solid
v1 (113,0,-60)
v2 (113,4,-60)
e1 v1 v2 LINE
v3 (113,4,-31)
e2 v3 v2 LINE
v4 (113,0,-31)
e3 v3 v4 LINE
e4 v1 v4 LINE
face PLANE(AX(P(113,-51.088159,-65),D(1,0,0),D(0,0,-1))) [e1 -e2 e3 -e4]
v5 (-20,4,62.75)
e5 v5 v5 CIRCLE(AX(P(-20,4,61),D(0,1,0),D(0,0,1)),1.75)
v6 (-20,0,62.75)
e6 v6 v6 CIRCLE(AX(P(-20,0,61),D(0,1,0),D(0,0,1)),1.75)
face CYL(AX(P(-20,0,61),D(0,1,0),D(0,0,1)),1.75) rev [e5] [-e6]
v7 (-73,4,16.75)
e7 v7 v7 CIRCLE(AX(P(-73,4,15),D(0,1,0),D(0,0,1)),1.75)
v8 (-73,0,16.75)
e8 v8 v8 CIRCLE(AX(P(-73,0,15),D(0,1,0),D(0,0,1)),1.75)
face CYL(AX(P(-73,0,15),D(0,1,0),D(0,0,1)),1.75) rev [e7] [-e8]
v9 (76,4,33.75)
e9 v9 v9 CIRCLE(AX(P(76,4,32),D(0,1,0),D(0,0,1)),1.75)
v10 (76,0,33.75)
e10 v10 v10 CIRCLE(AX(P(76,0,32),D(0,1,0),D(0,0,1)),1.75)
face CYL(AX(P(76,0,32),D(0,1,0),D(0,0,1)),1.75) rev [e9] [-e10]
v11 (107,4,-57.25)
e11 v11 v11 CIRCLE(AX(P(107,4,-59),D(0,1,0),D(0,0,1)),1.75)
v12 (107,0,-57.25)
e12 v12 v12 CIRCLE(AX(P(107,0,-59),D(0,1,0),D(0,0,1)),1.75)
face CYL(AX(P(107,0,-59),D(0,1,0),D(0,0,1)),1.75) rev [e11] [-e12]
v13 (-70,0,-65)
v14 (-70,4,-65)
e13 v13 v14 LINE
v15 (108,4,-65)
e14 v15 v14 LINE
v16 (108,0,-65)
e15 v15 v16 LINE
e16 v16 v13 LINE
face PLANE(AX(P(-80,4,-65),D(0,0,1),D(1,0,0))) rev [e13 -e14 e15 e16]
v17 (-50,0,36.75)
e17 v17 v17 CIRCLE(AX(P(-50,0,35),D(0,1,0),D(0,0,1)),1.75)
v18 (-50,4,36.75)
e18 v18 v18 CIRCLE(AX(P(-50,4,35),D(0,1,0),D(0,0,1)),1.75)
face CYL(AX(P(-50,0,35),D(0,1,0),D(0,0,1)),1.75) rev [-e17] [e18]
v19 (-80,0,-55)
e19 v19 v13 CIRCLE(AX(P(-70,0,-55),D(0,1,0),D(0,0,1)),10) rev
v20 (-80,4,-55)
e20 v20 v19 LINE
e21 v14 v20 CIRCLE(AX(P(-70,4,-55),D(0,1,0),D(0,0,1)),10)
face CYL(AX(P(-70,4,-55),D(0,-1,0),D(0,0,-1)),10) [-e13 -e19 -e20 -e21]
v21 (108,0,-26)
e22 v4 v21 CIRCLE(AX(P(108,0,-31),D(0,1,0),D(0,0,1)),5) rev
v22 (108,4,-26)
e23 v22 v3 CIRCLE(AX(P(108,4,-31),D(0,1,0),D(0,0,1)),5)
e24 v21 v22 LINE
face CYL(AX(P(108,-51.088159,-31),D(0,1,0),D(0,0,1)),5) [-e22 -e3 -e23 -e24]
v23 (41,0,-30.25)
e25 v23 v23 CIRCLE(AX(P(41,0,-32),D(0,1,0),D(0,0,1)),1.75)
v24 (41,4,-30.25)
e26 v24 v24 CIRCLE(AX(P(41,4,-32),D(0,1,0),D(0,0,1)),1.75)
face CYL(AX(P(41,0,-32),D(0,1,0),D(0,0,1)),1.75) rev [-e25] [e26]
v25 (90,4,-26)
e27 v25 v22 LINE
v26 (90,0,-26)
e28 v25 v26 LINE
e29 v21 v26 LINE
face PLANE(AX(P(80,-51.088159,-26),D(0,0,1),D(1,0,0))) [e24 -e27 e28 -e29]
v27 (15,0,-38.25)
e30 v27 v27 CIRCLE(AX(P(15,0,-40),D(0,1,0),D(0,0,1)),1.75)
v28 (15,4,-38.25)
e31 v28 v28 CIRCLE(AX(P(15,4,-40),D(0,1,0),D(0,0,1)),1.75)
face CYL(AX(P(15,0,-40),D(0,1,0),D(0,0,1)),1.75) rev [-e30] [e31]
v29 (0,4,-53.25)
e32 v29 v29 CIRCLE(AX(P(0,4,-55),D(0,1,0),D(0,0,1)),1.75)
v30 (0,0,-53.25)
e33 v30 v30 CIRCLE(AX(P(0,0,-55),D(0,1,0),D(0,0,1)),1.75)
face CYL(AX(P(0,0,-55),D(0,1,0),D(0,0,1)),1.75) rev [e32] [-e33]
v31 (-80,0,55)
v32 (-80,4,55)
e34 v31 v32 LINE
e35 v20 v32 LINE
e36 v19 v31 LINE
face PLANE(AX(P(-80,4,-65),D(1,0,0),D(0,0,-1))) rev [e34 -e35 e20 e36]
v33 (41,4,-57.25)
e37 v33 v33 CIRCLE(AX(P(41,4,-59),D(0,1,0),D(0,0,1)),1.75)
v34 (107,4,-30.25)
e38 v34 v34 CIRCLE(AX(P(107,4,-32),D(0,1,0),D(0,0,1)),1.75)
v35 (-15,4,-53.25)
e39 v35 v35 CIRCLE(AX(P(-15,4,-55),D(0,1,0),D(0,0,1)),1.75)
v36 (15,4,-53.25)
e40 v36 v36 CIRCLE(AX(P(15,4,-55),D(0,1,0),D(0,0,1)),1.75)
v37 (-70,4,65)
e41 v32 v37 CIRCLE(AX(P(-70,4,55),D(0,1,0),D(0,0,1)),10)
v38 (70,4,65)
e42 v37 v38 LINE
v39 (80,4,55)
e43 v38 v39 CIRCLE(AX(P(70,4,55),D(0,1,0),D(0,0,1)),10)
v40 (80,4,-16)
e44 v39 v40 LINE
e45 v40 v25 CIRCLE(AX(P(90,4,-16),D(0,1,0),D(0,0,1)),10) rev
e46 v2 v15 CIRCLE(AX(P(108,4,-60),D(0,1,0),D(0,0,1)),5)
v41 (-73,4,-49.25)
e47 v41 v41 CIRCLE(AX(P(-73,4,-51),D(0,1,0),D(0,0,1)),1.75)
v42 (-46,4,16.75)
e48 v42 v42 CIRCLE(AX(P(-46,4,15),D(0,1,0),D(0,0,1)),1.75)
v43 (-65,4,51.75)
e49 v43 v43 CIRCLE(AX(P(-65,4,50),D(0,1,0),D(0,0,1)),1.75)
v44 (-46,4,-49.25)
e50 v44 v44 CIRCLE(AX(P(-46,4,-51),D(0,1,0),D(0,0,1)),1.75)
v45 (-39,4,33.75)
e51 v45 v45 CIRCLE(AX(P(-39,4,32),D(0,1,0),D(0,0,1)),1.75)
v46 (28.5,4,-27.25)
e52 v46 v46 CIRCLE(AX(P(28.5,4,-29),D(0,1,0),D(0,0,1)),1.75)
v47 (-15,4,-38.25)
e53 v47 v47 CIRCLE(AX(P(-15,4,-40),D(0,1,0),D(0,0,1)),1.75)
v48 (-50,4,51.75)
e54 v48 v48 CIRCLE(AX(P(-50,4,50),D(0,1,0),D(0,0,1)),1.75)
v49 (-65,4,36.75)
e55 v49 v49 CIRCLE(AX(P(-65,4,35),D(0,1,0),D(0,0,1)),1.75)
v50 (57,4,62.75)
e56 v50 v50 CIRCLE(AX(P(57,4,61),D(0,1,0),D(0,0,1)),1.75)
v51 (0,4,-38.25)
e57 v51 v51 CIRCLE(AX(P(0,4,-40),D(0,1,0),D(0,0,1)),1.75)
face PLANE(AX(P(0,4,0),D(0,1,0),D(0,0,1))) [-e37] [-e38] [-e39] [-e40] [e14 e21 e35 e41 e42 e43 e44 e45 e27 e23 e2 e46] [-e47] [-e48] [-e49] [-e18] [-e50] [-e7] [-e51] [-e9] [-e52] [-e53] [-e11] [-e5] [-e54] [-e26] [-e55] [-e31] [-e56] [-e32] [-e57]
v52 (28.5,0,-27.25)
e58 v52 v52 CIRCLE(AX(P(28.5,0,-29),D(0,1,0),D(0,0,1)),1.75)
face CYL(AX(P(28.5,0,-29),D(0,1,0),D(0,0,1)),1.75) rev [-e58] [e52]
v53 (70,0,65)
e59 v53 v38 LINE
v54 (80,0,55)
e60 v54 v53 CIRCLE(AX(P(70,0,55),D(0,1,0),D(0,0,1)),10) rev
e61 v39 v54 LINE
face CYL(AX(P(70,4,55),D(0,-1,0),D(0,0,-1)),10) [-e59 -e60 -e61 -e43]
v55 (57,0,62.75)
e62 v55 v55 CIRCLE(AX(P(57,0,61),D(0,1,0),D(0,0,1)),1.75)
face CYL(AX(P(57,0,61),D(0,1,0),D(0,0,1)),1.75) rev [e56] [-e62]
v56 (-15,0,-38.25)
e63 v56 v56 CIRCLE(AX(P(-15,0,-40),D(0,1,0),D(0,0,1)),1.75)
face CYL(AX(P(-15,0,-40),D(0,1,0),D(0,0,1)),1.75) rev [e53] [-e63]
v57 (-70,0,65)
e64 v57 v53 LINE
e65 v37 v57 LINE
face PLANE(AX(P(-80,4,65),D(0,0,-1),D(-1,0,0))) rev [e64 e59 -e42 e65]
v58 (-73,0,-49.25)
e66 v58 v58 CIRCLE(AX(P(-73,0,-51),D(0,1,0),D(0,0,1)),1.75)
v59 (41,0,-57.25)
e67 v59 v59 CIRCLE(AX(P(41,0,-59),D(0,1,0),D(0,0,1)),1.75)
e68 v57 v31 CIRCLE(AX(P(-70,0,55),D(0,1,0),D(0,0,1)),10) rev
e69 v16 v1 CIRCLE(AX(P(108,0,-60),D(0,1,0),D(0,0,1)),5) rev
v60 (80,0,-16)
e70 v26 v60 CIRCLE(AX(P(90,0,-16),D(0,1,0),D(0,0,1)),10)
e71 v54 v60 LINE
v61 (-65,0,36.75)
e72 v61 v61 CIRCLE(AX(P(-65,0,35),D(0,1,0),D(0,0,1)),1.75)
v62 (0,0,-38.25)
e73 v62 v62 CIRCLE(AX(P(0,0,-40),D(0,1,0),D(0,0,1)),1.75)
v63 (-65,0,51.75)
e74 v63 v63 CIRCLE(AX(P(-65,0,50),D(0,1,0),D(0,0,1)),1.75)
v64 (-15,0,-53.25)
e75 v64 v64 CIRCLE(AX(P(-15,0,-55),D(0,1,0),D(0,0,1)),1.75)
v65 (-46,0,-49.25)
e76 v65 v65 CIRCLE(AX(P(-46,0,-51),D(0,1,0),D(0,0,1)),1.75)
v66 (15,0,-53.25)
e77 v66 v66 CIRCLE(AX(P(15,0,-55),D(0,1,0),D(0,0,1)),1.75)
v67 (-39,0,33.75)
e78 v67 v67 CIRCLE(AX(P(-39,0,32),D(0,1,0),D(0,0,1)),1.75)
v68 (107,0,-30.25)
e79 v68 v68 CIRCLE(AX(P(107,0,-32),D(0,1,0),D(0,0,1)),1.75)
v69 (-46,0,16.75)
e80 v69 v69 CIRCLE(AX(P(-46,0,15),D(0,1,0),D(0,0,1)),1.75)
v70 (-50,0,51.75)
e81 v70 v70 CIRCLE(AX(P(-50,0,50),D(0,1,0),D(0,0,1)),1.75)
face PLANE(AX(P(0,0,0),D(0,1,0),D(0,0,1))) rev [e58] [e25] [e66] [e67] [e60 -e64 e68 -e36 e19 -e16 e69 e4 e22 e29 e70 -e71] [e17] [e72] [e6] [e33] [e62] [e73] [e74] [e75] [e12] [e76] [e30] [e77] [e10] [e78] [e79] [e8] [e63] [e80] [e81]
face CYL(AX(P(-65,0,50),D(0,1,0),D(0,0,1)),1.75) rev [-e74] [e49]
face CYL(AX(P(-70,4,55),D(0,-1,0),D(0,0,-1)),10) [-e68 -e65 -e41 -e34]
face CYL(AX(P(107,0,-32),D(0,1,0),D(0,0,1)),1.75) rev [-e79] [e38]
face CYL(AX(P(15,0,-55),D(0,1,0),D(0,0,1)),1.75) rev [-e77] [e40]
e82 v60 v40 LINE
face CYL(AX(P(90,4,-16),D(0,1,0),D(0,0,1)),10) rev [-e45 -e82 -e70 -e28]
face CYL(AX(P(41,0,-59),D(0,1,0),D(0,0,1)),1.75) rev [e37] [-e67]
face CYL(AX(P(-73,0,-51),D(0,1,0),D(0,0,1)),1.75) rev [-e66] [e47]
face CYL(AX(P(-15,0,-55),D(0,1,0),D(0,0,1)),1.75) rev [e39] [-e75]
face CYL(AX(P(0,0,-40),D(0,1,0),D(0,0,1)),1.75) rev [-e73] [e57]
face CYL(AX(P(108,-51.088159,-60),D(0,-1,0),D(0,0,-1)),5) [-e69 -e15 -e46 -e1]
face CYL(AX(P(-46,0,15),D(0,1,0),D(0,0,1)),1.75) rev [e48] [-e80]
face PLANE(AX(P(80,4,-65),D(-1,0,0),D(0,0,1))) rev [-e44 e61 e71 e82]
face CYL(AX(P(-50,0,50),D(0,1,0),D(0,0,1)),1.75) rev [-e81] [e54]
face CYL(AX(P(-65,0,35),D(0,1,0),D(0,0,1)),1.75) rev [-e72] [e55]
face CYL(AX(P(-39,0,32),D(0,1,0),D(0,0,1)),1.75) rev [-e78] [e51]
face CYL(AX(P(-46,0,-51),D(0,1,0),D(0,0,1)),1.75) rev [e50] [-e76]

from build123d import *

# Parameters (mm, degrees)
SKETCH_1_W          = 160
SKETCH_1_H          = 130
EXTRUDE_1_DEPTH     = 4
SKETCH_2_R          = 1.75
CUT_EXTRUDE_1_DEPTH = 5
SKETCH_4_R          = 1.75
CUT_EXTRUDE_2_DEPTH = 5
SKETCH_5_R          = 1.75
CUT_EXTRUDE_3_DEPTH = 5
SKETCH_6_R          = 1.75
CUT_EXTRUDE_4_DEPTH = 5
SKETCH_7_W          = 33
SKETCH_7_H          = 39
EXTRUDE_2_DEPTH     = 4
SKETCH_8_R          = 1.75
CUT_EXTRUDE_5_DEPTH = 5
FILLET_1_R          = 10
FILLET_2_R          = 5
SKETCH_9_R          = 1.75
CUT_EXTRUDE_6_DEPTH = 5


with BuildPart() as part:
    # ｽｹｯﾁ1 → ﾎﾞｽ - 押し出し1 (new body)
    with BuildSketch(Plane(origin=(0, 0, 0), x_dir=(1, 0, 0), z_dir=(0, 1, 0))):
        Rectangle(SKETCH_1_W, SKETCH_1_H)
    extrude(amount=EXTRUDE_1_DEPTH)

    # ｽｹｯﾁ2 → ｶｯﾄ - 押し出し1 (cut, through all)
    with BuildSketch(Plane(origin=(0, 4, 0), x_dir=(1, 0, 0), z_dir=(0, 1, 0))):
        with Locations((-73, -15)):
            Circle(SKETCH_2_R)
        with Locations((-73, 51)):
            Circle(SKETCH_2_R)
        with Locations((-46, -15)):
            Circle(SKETCH_2_R)
        with Locations((-46, 51)):
            Circle(SKETCH_2_R)
    extrude(amount=-CUT_EXTRUDE_1_DEPTH, mode=Mode.SUBTRACT)

    # ｽｹｯﾁ4 → ｶｯﾄ - 押し出し2 (cut, through all)
    with BuildSketch(Plane(origin=(0, 4, 0), x_dir=(1, 0, 0), z_dir=(0, 1, 0))):
        with Locations((41, 59)):
            Circle(SKETCH_4_R)
        with Locations((41, 32)):
            Circle(SKETCH_4_R)
    extrude(amount=-CUT_EXTRUDE_2_DEPTH, mode=Mode.SUBTRACT)

    # ｽｹｯﾁ5 → ｶｯﾄ - 押し出し3 (cut, through all)
    with BuildSketch(Plane(origin=(0, 4, 0), x_dir=(1, 0, 0), z_dir=(0, 1, 0))):
        with Locations((57, -61)):
            Circle(SKETCH_5_R)
        with Locations((-20, -61)):
            Circle(SKETCH_5_R)
        with Locations((-39, -32)):
            Circle(SKETCH_5_R)
        with Locations((76, -32)):
            Circle(SKETCH_5_R)
        with Locations((28.5, 29)):
            Circle(SKETCH_5_R)
    extrude(amount=-CUT_EXTRUDE_3_DEPTH, mode=Mode.SUBTRACT)

    # ｽｹｯﾁ6 → ｶｯﾄ - 押し出し4 (cut, through all)
    with BuildSketch(Plane(origin=(0, 4, 0), x_dir=(1, 0, 0), z_dir=(0, 1, 0))):
        with Locations((0, 55)):
            Circle(SKETCH_6_R)
        with Locations((0, 40)):
            Circle(SKETCH_6_R)
        with Locations((15, 55)):
            Circle(SKETCH_6_R)
        with Locations((15, 40)):
            Circle(SKETCH_6_R)
        with Locations((-15, 55)):
            Circle(SKETCH_6_R)
        with Locations((-15, 40)):
            Circle(SKETCH_6_R)
    extrude(amount=-CUT_EXTRUDE_4_DEPTH, mode=Mode.SUBTRACT)

    # ｽｹｯﾁ7 → ﾎﾞｽ - 押し出し2 (add)
    with BuildSketch(Plane(origin=(0, 4, 0), x_dir=(1, 0, 0), z_dir=(0, 1, 0))):
        with Locations((96.5, 45.5)):
            Rectangle(SKETCH_7_W, SKETCH_7_H)
    extrude(amount=-EXTRUDE_2_DEPTH)

    # ｽｹｯﾁ8 → ｶｯﾄ - 押し出し5 (cut, through all)
    with BuildSketch(Plane(origin=(0, 4, 0), x_dir=(1, 0, 0), z_dir=(0, 1, 0))):
        with Locations((107, 59)):
            Circle(SKETCH_8_R)
        with Locations((107, 32)):
            Circle(SKETCH_8_R)
    extrude(amount=-CUT_EXTRUDE_5_DEPTH, mode=Mode.SUBTRACT)

    # ﾌｨﾚｯﾄ1
    fillet_1_edges = [part.edges().sort_by_distance(p)[0] for p in [
        (80, 2, 65),
        (-80, 2, 65),
        (-80, 2, -65),
        (80, 2, -26),
    ]]
    fillet(fillet_1_edges, radius=FILLET_1_R)

    # ﾌｨﾚｯﾄ2
    fillet_2_edges = [part.edges().sort_by_distance(p)[0] for p in [
        (113, 2, -65),
        (113, 2, -26),
    ]]
    fillet(fillet_2_edges, radius=FILLET_2_R)

    # ｽｹｯﾁ9 → ｶｯﾄ - 押し出し6 (cut, through all)
    with BuildSketch(Plane(origin=(0, 4, 0), x_dir=(1, 0, 0), z_dir=(0, 1, 0))):
        with Locations((-65, -50)):
            Circle(SKETCH_9_R)
        with Locations((-50, -50)):
            Circle(SKETCH_9_R)
        with Locations((-65, -35)):
            Circle(SKETCH_9_R)
        with Locations((-50, -35)):
            Circle(SKETCH_9_R)
    extrude(amount=-CUT_EXTRUDE_6_DEPTH, mode=Mode.SUBTRACT)


solid = part.part
